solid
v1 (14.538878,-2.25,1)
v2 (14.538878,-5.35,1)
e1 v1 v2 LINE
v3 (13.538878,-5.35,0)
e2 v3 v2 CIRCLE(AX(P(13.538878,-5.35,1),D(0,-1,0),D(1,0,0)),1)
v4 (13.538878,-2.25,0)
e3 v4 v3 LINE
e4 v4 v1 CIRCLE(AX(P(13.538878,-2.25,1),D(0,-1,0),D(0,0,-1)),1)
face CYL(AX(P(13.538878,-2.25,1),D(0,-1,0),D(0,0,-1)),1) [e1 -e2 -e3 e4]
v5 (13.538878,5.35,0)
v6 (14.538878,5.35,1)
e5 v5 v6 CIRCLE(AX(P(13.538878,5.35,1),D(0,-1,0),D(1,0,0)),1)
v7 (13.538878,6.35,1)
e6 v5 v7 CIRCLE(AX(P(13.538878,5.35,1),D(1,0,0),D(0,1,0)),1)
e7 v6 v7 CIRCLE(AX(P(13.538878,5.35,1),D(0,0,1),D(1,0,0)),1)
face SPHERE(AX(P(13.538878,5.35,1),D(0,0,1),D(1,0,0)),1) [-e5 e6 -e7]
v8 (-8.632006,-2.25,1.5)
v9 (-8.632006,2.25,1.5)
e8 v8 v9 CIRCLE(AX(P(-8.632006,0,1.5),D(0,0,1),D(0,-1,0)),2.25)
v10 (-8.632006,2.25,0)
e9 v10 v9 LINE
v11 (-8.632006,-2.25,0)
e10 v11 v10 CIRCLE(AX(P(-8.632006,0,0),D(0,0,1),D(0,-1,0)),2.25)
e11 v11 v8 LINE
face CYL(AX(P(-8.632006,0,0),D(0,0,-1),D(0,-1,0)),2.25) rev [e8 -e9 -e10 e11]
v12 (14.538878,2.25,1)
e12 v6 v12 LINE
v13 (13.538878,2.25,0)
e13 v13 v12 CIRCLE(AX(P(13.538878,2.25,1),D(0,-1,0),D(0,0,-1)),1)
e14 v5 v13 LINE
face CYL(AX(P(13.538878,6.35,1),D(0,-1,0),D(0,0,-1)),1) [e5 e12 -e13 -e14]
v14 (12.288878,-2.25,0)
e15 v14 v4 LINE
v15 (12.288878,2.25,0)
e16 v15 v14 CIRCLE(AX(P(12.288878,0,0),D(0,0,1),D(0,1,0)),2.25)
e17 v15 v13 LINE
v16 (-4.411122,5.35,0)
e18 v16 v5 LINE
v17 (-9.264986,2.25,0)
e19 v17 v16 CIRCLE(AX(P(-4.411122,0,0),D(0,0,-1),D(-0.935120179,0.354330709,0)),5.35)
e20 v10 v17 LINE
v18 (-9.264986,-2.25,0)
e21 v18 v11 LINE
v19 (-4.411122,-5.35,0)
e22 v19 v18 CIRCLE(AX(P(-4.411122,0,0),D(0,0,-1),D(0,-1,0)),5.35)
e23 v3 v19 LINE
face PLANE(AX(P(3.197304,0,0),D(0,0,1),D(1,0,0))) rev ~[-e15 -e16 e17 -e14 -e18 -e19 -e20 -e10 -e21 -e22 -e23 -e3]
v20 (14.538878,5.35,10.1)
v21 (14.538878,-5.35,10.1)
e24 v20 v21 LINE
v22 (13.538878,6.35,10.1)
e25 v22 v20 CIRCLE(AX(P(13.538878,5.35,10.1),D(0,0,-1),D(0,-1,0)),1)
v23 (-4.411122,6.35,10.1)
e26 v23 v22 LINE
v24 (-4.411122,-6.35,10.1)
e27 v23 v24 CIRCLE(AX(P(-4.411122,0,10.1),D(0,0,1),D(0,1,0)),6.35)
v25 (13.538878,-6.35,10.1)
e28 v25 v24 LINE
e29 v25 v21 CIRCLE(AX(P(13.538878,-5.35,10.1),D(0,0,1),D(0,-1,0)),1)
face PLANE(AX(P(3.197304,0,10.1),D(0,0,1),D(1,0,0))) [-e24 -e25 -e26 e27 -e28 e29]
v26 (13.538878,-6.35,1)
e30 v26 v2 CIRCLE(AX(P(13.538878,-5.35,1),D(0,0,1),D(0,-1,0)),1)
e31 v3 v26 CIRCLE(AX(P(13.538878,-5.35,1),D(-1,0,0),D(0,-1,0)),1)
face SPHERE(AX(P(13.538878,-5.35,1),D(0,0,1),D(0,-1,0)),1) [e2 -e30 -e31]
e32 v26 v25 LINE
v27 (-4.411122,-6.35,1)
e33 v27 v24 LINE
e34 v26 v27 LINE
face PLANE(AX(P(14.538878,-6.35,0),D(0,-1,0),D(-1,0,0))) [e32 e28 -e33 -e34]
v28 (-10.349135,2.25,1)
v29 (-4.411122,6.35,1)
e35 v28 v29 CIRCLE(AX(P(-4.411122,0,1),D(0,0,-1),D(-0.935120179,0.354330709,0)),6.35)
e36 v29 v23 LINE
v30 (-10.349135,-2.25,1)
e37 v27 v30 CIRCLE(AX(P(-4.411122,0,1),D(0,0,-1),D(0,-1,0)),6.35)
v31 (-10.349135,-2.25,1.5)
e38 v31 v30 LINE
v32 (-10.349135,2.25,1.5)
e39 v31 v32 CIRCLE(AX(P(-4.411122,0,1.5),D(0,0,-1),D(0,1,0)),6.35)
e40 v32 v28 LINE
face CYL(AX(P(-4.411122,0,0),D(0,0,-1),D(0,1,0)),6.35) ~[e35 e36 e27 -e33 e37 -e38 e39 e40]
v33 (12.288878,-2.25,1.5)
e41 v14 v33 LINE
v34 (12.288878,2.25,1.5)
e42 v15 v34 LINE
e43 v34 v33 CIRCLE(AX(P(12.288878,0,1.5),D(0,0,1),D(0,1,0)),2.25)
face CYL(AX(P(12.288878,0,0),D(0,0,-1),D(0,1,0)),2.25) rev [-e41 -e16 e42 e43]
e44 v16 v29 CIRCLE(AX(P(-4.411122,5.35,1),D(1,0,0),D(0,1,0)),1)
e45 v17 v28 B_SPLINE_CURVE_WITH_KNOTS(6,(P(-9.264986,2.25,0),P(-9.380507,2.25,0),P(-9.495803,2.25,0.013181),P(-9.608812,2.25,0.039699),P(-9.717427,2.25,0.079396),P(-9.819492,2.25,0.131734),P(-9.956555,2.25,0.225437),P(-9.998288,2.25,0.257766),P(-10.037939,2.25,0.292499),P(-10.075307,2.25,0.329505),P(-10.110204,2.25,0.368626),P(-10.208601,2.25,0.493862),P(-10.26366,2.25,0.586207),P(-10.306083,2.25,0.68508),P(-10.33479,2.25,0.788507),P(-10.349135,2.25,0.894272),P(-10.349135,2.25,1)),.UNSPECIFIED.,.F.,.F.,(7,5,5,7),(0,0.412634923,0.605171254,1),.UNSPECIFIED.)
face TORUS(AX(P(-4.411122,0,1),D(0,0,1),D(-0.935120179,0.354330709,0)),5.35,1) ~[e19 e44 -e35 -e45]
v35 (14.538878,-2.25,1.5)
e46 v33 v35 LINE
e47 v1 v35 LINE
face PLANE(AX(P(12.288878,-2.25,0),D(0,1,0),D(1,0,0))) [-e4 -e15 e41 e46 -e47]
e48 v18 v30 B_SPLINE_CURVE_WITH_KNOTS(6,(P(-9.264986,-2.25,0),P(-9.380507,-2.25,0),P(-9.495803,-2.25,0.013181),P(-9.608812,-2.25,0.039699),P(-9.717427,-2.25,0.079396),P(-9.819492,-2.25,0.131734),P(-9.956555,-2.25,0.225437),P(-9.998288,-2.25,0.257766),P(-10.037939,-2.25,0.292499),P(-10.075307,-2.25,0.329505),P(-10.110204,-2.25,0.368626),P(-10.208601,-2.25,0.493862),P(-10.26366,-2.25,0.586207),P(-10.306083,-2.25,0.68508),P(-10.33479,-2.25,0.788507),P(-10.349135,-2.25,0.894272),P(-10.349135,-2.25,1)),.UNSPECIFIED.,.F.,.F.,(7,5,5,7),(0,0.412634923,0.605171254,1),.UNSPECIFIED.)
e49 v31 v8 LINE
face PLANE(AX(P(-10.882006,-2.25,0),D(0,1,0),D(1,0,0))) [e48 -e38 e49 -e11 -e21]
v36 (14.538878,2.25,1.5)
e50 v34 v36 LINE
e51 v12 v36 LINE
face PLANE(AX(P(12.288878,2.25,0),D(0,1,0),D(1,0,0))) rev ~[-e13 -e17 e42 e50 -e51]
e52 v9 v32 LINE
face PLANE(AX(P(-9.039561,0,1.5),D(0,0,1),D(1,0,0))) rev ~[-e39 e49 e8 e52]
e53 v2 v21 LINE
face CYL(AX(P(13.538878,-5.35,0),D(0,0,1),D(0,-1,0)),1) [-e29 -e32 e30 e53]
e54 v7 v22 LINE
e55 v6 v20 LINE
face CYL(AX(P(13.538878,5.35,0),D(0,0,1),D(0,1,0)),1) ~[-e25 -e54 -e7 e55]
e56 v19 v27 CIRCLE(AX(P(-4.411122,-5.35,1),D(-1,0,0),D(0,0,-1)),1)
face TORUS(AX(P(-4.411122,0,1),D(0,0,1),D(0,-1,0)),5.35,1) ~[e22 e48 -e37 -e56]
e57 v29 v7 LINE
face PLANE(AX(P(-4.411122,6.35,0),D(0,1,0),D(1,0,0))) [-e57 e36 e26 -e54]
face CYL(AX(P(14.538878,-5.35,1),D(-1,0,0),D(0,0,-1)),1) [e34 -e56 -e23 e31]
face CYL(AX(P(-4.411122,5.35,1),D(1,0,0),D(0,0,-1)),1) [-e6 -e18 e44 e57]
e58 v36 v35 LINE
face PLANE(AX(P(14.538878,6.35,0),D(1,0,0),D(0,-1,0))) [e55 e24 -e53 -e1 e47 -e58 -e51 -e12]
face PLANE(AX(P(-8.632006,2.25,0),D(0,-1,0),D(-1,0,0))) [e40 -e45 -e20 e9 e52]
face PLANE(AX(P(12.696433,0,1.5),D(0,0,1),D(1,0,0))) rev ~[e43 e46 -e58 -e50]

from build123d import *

# Parameters (mm, degrees)
PAD_DEPTH       = 10.1
POCKET_DEPTH    = 1.5
POCKET001_DEPTH = 1.5
FILLET003_R     = 1


with BuildPart() as part:
    # Sketch → Pad (new body)
    with BuildSketch(Plane.XY):
        with BuildLine():
            ThreePointArc((-4.411122, 6.35), (-10.761122, 0), (-4.411122, -6.35))
            Line((14.538878, -6.35), (-4.411122, -6.35))
            Line((14.538878, 6.35), (14.538878, -6.35))
            Line((-4.411122, 6.35), (14.538878, 6.35))
        make_face()
    extrude(amount=PAD_DEPTH)

    # Sketch003 → Pocket (cut)
    with BuildSketch(Plane.XY):
        with BuildLine():
            ThreePointArc((12.288878, 2.25), (10.038878, 0), (12.288878, -2.25))
            Line((12.288878, -2.25), (14.538878, -2.25))
            Line((14.538878, 2.25), (14.538878, -2.25))
            Line((12.288878, 2.25), (14.538878, 2.25))
        make_face()
    extrude(amount=POCKET_DEPTH, mode=Mode.SUBTRACT)

    # Sketch004 → Pocket001 (cut)
    with BuildSketch(Plane.XY):
        with BuildLine():
            ThreePointArc((-8.632006, -2.25), (-6.382006, 0), (-8.632006, 2.25))
            Line((-8.632006, 2.25), (-10.882006, 2.25))
            Line((-10.882006, 2.25), (-10.882006, -2.25))
            Line((-10.882006, -2.25), (-8.632006, -2.25))
        make_face()
    extrude(amount=POCKET001_DEPTH, mode=Mode.SUBTRACT)

    # Fillet003
    fillet003_edges = [part.edges().sort_by_distance(p)[0] for p in [
        (14.538878, -6.35, 5.05),
        (14.538878, 6.35, 5.05),
        (5.063878, -6.35, 0),
        (14.538878, -4.3, 0),
        (14.538878, 4.3, 0),
        (5.063878, 6.35, 0),
        (-8.019099, 5.225419, 0),
        (-8.019099, -5.225419, 0),
    ]]
    fillet(fillet003_edges, radius=FILLET003_R)


solid = part.part
